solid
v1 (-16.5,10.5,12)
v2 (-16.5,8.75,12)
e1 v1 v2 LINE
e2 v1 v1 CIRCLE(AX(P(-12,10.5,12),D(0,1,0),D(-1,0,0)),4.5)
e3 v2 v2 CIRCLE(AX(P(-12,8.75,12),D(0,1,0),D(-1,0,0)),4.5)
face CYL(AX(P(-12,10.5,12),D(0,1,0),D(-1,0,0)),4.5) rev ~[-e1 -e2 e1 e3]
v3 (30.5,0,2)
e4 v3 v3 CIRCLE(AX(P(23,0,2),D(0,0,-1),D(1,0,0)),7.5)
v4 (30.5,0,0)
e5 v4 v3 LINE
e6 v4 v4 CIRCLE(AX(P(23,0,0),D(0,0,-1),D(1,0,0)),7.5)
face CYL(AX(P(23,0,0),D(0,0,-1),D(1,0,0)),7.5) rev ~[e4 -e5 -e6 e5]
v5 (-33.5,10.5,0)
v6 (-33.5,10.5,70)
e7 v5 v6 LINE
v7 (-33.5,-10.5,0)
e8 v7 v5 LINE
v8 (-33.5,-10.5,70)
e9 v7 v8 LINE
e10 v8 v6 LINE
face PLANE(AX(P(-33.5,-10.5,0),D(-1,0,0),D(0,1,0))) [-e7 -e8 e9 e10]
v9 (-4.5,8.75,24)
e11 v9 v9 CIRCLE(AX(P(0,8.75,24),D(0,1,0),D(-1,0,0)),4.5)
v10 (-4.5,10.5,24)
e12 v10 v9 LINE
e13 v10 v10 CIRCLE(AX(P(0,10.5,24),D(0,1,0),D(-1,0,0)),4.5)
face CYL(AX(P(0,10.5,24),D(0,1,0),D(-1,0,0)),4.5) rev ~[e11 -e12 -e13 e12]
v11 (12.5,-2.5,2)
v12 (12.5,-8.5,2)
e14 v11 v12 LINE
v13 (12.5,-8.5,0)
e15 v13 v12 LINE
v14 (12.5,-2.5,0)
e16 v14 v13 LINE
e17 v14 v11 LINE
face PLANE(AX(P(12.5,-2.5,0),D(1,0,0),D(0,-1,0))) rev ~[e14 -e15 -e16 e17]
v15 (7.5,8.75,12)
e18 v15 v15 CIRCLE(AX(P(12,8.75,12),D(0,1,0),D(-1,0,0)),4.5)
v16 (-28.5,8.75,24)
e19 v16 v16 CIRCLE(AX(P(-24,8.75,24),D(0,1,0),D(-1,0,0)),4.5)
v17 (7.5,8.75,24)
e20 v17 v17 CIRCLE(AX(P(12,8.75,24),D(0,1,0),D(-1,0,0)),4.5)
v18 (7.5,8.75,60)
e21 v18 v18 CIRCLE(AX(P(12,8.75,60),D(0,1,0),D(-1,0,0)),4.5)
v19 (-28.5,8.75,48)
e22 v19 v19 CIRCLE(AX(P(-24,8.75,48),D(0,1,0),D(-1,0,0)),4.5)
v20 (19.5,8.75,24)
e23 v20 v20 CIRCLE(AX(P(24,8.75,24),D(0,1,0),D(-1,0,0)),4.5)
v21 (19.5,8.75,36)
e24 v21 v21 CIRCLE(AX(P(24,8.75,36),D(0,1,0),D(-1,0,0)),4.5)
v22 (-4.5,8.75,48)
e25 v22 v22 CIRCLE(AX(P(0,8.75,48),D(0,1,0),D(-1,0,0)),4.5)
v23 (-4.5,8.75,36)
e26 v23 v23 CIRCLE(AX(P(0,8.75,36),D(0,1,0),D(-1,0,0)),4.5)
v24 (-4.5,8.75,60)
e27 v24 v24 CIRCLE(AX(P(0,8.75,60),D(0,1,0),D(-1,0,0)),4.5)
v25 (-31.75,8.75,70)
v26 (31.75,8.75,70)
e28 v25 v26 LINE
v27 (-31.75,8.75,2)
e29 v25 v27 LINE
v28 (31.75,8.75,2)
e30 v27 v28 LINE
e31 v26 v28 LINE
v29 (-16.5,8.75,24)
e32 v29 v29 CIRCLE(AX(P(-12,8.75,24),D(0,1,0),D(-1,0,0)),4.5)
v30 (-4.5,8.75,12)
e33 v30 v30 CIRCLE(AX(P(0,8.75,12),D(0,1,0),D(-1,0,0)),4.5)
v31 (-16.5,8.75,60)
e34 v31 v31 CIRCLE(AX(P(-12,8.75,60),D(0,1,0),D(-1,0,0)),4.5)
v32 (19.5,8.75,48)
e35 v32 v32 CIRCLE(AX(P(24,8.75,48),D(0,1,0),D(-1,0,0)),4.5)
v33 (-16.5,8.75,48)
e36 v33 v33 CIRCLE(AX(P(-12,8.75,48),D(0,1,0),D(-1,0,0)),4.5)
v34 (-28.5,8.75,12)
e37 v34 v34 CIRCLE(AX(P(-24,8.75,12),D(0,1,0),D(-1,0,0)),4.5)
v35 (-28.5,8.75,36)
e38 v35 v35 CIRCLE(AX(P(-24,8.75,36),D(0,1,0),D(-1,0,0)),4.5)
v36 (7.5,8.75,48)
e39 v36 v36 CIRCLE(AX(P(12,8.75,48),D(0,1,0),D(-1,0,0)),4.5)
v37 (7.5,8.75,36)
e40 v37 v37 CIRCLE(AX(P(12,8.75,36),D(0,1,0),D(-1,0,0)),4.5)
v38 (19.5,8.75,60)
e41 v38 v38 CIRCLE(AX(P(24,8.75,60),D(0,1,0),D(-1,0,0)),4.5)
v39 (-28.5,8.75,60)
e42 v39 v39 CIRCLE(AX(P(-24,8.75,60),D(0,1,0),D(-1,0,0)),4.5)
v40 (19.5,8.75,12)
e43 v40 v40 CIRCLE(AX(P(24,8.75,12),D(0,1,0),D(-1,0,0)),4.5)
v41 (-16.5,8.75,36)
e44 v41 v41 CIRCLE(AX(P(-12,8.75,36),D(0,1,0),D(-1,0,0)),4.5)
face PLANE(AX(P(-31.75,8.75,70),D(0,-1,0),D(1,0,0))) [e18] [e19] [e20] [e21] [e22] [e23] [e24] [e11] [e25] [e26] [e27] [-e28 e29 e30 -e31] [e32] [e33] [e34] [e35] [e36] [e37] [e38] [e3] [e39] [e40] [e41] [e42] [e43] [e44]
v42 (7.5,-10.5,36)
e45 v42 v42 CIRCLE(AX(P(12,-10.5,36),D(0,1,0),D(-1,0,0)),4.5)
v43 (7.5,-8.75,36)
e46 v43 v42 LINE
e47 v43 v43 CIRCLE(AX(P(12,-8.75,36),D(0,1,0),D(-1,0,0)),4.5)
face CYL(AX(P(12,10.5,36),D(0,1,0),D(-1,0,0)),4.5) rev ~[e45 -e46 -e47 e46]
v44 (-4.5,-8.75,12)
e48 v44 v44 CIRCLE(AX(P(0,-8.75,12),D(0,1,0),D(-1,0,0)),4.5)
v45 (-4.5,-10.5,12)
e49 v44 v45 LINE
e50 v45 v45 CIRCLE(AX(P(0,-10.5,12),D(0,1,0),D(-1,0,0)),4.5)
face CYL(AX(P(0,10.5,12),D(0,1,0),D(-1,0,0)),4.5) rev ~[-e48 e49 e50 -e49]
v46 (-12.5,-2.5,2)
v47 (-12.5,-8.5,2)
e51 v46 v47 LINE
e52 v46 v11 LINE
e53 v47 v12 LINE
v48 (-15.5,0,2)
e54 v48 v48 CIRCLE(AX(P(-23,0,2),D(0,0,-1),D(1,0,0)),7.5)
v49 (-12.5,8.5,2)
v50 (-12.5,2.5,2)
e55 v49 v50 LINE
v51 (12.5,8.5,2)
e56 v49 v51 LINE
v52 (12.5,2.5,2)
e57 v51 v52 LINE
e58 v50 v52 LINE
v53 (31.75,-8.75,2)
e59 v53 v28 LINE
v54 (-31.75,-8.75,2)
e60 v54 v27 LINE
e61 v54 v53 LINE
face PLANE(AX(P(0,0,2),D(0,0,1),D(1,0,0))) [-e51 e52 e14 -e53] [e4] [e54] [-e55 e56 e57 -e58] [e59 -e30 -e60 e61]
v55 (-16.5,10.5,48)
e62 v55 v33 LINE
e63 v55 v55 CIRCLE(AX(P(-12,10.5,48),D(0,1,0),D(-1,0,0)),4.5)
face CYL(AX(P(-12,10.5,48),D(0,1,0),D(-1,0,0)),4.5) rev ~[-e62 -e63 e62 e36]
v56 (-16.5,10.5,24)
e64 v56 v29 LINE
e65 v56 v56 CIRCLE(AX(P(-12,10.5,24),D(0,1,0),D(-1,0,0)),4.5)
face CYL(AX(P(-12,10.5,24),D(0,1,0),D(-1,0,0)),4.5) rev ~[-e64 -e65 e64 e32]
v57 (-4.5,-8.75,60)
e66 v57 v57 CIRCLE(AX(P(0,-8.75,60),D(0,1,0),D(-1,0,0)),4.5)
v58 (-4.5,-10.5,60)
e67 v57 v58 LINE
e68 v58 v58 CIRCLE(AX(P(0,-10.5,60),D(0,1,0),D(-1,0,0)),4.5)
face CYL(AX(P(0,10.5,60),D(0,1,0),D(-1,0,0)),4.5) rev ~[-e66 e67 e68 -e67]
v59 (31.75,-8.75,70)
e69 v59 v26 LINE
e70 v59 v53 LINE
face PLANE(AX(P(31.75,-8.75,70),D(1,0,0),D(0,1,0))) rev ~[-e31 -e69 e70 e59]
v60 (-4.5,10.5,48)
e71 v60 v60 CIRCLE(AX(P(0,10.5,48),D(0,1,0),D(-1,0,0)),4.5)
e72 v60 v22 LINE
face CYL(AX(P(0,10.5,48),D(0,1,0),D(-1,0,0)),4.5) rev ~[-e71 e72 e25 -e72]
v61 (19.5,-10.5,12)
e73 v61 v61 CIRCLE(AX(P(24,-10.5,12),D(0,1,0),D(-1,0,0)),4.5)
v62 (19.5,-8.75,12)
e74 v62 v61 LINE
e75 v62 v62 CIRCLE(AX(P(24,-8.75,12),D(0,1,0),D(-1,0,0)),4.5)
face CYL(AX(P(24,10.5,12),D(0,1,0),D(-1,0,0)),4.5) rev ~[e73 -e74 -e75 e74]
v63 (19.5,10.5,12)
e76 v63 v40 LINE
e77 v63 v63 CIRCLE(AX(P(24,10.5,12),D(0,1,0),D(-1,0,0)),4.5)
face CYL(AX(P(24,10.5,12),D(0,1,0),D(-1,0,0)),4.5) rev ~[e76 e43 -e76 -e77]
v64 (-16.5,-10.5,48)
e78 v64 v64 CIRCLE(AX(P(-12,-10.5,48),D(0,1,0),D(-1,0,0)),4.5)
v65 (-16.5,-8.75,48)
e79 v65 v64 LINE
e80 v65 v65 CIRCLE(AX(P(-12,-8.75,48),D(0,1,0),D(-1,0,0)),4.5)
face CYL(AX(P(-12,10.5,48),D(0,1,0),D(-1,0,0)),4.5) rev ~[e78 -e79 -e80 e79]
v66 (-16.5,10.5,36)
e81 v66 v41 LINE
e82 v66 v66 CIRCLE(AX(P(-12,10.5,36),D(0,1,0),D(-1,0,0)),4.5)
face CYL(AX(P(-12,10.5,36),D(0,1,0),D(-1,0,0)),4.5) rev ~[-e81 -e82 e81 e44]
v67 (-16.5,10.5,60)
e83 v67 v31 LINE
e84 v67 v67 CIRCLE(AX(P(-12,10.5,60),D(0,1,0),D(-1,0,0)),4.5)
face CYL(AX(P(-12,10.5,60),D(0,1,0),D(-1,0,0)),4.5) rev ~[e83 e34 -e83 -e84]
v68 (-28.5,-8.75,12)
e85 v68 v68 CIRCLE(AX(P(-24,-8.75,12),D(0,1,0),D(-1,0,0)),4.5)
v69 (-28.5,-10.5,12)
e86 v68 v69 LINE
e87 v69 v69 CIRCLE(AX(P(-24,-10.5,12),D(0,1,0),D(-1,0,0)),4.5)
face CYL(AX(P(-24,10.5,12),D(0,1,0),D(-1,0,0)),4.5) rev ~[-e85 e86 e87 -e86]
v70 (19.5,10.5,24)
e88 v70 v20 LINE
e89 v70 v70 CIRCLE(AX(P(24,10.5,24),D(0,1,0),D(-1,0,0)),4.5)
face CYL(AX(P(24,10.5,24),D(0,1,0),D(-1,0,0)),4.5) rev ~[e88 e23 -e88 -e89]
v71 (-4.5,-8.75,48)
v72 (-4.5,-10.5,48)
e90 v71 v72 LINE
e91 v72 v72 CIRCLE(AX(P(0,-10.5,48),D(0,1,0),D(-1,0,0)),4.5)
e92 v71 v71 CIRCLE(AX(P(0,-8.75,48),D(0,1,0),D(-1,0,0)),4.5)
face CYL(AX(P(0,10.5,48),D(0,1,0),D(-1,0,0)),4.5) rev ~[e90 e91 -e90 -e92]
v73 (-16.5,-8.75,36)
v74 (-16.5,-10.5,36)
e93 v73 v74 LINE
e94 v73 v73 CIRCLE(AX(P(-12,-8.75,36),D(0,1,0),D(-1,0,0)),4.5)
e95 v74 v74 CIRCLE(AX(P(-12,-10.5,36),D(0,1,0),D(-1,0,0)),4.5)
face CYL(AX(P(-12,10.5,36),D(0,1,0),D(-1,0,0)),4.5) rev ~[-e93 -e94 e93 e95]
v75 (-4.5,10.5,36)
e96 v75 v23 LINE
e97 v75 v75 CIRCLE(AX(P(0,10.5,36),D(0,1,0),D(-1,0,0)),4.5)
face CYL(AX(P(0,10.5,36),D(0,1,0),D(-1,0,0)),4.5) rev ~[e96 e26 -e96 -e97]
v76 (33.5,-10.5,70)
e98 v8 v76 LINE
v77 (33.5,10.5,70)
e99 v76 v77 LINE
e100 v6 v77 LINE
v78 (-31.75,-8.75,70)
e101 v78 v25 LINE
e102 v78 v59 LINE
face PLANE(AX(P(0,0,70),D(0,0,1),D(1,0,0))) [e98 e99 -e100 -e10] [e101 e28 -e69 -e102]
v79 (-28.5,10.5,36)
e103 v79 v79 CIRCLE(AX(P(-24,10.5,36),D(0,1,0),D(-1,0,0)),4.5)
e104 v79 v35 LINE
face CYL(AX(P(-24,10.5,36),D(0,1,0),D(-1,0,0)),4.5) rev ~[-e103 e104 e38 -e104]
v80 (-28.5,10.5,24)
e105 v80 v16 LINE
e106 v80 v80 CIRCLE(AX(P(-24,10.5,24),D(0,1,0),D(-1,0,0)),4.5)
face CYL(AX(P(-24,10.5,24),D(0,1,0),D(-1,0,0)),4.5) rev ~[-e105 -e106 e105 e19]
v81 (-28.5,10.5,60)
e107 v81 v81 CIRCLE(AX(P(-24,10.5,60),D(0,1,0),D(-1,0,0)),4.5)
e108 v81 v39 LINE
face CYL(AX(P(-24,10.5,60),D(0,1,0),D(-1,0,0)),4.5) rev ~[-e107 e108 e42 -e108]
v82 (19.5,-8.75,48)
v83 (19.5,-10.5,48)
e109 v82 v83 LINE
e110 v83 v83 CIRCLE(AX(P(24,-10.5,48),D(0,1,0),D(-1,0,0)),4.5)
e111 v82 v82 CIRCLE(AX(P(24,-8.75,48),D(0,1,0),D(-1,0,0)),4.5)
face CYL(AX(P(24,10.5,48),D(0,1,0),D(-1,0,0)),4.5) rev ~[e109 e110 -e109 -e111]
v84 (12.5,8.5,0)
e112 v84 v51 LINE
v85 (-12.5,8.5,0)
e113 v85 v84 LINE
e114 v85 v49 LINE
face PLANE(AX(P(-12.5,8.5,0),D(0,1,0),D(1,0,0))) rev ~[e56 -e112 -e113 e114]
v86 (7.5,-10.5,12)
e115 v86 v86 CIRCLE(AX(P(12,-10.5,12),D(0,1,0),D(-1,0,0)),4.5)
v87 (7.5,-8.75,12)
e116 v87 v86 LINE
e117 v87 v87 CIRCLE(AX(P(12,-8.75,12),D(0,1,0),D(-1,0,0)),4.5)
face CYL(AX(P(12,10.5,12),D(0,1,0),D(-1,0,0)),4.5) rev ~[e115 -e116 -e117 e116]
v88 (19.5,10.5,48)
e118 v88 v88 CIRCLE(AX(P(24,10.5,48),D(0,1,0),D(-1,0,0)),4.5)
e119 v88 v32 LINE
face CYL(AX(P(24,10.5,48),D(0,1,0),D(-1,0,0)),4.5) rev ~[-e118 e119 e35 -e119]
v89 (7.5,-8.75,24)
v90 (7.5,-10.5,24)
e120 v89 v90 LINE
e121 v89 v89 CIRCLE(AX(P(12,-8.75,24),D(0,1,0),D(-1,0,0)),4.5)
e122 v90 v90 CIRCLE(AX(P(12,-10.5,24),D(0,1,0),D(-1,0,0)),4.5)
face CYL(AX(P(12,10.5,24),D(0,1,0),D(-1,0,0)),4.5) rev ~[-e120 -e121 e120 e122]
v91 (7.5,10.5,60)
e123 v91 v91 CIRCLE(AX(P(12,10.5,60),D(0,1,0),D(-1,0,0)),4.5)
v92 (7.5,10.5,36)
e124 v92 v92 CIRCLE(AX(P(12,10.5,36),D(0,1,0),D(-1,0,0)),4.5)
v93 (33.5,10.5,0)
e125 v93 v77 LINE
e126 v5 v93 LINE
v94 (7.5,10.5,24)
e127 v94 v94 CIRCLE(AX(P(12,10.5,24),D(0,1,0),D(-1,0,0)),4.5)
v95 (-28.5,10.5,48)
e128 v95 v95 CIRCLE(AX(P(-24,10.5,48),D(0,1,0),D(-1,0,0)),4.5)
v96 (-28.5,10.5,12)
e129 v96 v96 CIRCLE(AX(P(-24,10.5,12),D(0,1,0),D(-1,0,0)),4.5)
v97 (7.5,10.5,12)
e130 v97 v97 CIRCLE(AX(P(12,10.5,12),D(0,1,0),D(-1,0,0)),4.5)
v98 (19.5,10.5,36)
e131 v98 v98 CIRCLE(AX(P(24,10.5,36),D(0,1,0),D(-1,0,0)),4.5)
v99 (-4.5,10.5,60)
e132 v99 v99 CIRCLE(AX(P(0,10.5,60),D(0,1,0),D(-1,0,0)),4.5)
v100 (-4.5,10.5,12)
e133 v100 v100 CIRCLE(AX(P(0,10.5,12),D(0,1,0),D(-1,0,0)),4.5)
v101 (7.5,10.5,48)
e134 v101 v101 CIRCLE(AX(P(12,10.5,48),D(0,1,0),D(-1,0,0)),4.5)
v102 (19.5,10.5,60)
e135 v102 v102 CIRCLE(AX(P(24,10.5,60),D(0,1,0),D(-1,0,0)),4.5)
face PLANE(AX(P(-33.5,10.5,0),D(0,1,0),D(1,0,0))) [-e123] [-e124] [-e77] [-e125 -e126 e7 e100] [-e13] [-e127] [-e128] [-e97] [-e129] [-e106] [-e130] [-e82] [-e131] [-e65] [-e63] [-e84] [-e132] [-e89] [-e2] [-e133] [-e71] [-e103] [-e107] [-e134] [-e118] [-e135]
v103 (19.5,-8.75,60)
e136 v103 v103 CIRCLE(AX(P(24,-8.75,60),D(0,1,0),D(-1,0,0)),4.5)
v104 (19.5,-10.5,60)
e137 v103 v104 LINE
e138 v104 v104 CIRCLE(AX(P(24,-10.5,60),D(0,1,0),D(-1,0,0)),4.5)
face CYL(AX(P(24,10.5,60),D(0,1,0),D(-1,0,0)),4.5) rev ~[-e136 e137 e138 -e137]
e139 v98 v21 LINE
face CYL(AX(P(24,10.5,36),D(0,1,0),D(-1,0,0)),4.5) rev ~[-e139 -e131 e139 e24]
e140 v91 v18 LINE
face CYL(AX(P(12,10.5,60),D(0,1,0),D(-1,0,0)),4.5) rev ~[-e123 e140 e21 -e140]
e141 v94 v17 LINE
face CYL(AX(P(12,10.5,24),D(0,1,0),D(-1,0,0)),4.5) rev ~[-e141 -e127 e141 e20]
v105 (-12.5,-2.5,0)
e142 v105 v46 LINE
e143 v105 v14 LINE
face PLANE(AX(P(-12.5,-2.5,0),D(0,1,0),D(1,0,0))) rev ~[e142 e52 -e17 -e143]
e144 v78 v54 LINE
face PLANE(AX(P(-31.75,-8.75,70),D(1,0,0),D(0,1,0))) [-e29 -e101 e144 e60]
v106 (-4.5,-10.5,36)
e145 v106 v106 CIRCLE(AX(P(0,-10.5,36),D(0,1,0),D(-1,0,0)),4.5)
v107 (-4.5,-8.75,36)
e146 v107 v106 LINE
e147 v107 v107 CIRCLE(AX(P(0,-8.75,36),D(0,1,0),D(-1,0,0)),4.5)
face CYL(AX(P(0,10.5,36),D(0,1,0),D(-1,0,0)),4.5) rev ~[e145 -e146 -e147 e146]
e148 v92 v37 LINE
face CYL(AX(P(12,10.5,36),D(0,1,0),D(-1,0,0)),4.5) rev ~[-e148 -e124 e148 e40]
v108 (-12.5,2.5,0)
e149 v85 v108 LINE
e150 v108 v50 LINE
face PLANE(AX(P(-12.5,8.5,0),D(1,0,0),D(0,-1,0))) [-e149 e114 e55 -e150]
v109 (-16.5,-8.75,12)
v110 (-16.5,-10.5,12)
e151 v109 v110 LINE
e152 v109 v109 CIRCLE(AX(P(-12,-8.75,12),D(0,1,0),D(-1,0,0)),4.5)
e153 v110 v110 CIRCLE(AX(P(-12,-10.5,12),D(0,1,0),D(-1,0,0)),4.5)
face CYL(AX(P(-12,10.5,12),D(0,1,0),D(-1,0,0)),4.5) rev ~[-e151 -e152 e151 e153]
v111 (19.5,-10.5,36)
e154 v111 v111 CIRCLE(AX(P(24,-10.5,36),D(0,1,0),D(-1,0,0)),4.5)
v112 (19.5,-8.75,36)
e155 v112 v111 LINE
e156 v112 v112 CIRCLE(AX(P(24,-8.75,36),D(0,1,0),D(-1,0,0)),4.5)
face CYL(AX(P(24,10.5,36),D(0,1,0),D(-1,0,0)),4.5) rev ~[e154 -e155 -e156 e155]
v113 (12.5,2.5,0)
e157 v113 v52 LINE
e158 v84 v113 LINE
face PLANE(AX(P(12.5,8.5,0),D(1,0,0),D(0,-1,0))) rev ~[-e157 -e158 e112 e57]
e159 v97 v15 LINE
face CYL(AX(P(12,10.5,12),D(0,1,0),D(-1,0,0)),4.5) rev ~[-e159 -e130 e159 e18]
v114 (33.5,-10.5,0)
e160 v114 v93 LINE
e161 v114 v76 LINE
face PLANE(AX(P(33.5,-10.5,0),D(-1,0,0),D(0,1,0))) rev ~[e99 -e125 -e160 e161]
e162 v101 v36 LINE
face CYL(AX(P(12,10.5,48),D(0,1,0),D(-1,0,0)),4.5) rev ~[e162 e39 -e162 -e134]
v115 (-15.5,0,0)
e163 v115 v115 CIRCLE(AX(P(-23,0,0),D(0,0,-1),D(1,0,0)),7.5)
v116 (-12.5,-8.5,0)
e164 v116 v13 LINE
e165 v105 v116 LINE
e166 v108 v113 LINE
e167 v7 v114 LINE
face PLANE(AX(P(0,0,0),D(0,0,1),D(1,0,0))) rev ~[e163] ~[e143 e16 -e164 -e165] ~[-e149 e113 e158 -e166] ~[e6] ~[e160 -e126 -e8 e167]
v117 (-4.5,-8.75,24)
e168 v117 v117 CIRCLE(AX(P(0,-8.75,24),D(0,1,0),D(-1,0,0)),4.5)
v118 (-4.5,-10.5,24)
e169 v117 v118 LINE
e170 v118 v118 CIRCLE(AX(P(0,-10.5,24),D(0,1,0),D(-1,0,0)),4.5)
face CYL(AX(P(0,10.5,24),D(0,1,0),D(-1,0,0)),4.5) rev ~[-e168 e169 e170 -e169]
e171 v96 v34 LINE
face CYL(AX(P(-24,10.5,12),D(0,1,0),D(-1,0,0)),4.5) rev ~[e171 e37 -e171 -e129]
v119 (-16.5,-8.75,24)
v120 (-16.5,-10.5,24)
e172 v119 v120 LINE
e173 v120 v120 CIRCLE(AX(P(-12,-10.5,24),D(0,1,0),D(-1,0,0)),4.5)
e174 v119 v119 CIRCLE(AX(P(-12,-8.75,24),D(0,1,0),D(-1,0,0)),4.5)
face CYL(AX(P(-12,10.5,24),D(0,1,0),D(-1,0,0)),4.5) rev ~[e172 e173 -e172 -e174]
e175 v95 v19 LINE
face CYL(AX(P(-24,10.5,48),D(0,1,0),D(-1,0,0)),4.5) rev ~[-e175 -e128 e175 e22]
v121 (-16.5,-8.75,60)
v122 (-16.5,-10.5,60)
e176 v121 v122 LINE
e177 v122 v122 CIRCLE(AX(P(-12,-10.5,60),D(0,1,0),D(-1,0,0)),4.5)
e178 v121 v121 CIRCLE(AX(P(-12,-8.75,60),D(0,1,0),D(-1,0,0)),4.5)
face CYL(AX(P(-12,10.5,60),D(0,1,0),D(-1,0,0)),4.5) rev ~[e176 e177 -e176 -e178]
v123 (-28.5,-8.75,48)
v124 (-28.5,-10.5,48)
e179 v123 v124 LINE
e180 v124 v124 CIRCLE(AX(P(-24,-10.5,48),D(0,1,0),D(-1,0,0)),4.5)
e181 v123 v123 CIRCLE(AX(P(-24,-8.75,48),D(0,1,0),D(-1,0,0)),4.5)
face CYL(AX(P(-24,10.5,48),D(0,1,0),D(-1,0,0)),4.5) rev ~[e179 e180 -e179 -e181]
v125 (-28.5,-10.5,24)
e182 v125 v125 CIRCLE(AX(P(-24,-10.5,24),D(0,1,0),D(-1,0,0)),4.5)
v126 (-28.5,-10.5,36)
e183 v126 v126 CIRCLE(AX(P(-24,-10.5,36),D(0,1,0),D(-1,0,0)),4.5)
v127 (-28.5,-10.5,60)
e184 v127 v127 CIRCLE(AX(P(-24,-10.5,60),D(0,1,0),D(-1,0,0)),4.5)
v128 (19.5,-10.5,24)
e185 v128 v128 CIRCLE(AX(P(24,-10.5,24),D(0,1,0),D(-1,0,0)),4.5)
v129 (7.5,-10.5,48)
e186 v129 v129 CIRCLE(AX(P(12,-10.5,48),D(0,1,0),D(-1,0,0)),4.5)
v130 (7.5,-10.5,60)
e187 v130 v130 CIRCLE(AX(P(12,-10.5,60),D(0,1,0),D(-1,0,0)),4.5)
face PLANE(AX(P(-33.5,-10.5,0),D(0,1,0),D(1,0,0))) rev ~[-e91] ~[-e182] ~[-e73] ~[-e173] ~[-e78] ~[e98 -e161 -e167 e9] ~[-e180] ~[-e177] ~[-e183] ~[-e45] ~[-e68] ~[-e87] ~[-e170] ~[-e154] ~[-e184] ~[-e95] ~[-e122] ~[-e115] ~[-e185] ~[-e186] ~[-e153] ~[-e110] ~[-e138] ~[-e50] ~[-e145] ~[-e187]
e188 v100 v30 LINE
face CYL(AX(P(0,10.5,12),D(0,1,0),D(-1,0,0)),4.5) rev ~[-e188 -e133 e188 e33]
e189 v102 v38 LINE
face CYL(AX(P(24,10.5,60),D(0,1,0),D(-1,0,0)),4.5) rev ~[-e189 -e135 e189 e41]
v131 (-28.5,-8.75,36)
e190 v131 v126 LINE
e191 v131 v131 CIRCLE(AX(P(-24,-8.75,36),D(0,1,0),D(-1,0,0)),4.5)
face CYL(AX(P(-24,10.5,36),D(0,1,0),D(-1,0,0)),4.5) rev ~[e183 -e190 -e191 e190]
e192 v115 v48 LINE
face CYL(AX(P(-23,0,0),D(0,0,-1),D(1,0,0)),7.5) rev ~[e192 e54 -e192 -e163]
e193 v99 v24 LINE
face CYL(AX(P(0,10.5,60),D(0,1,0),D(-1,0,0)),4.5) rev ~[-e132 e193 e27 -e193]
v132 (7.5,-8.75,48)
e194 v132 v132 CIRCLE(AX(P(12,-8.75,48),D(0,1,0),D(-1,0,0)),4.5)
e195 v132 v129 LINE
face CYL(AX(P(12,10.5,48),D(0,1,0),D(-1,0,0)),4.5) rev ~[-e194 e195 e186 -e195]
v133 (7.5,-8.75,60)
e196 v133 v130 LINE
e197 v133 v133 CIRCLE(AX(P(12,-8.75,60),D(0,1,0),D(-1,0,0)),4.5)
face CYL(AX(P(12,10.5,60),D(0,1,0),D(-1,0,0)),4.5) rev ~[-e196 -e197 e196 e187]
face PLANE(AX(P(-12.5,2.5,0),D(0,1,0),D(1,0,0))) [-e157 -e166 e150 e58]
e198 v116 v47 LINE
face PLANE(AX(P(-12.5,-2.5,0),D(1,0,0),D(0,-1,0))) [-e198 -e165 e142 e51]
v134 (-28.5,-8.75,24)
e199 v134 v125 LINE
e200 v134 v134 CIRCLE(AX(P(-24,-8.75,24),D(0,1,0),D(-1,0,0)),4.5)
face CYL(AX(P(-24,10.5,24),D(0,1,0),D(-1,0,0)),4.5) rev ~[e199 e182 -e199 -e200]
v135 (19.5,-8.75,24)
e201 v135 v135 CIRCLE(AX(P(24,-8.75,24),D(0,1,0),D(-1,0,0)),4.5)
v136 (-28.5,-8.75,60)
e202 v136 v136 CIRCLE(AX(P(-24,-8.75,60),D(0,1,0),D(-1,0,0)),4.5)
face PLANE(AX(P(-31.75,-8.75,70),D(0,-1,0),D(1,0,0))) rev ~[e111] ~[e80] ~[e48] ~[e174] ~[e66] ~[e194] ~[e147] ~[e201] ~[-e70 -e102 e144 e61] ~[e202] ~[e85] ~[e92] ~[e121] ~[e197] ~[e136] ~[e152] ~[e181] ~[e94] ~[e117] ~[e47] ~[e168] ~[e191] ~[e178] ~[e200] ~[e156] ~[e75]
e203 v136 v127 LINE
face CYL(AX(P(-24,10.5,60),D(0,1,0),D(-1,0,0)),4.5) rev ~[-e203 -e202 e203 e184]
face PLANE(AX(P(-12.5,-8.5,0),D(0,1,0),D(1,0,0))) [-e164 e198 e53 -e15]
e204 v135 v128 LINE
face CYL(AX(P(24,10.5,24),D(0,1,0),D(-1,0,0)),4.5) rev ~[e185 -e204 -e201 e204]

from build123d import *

# Parameters (mm, degrees)
F0_W     = 67
F0_H     = 21
F1_DEPTH = 70
F2_W     = 63.5
F2_H     = 17.5
F3_DEPTH = 68
F4_R     = 7.5
F4_W     = 25
F4_H     = 6
F5_DEPTH = 2
F6_R     = 4.5
F7_DEPTH = 21.001


with BuildPart() as f1:
    # F0 (on Top) → F1 (new body)
    with BuildSketch(Plane.XY):
        Rectangle(F0_W, F0_H)
    extrude(amount=F1_DEPTH)

    # F2 (on face) → F3 (cut)
    with BuildSketch(Plane.XY.offset(70)):
        Rectangle(F2_W, F2_H)
    extrude(amount=-F3_DEPTH, mode=Mode.SUBTRACT)

    # F4 (on face) → F5 (cut, through all)
    with BuildSketch(Plane(origin=(0, 0, 0), x_dir=(1, 0, 0), z_dir=(0, 0, -1))):
        with Locations((-23, 0)):
            Circle(F4_R)
        with Locations((23, 0)):
            Circle(F4_R)
        with Locations((0, 5.5)):
            Rectangle(F4_W, F4_H)
        with Locations((0, -5.5)):
            Rectangle(F4_W, F4_H)
    extrude(amount=-F5_DEPTH, mode=Mode.SUBTRACT)

    # F6 (on face) → F7 (cut, through all)
    with BuildSketch(Plane(origin=(0, 10.5, 0), x_dir=(-1, 0, 0), z_dir=(0, 1, 0))):
        with Locations((24, 60)):
            Circle(F6_R)
        with Locations((24, 48)):
            Circle(F6_R)
        with Locations((24, 36)):
            Circle(F6_R)
        with Locations((24, 24)):
            Circle(F6_R)
        with Locations((24, 12)):
            Circle(F6_R)
        with Locations((12, 60)):
            Circle(F6_R)
        with Locations((12, 48)):
            Circle(F6_R)
        with Locations((12, 36)):
            Circle(F6_R)
        with Locations((12, 24)):
            Circle(F6_R)
        with Locations((12, 12)):
            Circle(F6_R)
        with Locations((0, 60)):
            Circle(F6_R)
        with Locations((0, 48)):
            Circle(F6_R)
        with Locations((0, 36)):
            Circle(F6_R)
        with Locations((0, 24)):
            Circle(F6_R)
        with Locations((0, 12)):
            Circle(F6_R)
        with Locations((-12, 60)):
            Circle(F6_R)
        with Locations((-12, 48)):
            Circle(F6_R)
        with Locations((-12, 36)):
            Circle(F6_R)
        with Locations((-12, 24)):
            Circle(F6_R)
        with Locations((-12, 12)):
            Circle(F6_R)
        with Locations((-24, 60)):
            Circle(F6_R)
        with Locations((-24, 48)):
            Circle(F6_R)
        with Locations((-24, 36)):
            Circle(F6_R)
        with Locations((-24, 24)):
            Circle(F6_R)
        with Locations((-24, 12)):
            Circle(F6_R)
    extrude(amount=-F7_DEPTH, mode=Mode.SUBTRACT)


solid = f1.part
